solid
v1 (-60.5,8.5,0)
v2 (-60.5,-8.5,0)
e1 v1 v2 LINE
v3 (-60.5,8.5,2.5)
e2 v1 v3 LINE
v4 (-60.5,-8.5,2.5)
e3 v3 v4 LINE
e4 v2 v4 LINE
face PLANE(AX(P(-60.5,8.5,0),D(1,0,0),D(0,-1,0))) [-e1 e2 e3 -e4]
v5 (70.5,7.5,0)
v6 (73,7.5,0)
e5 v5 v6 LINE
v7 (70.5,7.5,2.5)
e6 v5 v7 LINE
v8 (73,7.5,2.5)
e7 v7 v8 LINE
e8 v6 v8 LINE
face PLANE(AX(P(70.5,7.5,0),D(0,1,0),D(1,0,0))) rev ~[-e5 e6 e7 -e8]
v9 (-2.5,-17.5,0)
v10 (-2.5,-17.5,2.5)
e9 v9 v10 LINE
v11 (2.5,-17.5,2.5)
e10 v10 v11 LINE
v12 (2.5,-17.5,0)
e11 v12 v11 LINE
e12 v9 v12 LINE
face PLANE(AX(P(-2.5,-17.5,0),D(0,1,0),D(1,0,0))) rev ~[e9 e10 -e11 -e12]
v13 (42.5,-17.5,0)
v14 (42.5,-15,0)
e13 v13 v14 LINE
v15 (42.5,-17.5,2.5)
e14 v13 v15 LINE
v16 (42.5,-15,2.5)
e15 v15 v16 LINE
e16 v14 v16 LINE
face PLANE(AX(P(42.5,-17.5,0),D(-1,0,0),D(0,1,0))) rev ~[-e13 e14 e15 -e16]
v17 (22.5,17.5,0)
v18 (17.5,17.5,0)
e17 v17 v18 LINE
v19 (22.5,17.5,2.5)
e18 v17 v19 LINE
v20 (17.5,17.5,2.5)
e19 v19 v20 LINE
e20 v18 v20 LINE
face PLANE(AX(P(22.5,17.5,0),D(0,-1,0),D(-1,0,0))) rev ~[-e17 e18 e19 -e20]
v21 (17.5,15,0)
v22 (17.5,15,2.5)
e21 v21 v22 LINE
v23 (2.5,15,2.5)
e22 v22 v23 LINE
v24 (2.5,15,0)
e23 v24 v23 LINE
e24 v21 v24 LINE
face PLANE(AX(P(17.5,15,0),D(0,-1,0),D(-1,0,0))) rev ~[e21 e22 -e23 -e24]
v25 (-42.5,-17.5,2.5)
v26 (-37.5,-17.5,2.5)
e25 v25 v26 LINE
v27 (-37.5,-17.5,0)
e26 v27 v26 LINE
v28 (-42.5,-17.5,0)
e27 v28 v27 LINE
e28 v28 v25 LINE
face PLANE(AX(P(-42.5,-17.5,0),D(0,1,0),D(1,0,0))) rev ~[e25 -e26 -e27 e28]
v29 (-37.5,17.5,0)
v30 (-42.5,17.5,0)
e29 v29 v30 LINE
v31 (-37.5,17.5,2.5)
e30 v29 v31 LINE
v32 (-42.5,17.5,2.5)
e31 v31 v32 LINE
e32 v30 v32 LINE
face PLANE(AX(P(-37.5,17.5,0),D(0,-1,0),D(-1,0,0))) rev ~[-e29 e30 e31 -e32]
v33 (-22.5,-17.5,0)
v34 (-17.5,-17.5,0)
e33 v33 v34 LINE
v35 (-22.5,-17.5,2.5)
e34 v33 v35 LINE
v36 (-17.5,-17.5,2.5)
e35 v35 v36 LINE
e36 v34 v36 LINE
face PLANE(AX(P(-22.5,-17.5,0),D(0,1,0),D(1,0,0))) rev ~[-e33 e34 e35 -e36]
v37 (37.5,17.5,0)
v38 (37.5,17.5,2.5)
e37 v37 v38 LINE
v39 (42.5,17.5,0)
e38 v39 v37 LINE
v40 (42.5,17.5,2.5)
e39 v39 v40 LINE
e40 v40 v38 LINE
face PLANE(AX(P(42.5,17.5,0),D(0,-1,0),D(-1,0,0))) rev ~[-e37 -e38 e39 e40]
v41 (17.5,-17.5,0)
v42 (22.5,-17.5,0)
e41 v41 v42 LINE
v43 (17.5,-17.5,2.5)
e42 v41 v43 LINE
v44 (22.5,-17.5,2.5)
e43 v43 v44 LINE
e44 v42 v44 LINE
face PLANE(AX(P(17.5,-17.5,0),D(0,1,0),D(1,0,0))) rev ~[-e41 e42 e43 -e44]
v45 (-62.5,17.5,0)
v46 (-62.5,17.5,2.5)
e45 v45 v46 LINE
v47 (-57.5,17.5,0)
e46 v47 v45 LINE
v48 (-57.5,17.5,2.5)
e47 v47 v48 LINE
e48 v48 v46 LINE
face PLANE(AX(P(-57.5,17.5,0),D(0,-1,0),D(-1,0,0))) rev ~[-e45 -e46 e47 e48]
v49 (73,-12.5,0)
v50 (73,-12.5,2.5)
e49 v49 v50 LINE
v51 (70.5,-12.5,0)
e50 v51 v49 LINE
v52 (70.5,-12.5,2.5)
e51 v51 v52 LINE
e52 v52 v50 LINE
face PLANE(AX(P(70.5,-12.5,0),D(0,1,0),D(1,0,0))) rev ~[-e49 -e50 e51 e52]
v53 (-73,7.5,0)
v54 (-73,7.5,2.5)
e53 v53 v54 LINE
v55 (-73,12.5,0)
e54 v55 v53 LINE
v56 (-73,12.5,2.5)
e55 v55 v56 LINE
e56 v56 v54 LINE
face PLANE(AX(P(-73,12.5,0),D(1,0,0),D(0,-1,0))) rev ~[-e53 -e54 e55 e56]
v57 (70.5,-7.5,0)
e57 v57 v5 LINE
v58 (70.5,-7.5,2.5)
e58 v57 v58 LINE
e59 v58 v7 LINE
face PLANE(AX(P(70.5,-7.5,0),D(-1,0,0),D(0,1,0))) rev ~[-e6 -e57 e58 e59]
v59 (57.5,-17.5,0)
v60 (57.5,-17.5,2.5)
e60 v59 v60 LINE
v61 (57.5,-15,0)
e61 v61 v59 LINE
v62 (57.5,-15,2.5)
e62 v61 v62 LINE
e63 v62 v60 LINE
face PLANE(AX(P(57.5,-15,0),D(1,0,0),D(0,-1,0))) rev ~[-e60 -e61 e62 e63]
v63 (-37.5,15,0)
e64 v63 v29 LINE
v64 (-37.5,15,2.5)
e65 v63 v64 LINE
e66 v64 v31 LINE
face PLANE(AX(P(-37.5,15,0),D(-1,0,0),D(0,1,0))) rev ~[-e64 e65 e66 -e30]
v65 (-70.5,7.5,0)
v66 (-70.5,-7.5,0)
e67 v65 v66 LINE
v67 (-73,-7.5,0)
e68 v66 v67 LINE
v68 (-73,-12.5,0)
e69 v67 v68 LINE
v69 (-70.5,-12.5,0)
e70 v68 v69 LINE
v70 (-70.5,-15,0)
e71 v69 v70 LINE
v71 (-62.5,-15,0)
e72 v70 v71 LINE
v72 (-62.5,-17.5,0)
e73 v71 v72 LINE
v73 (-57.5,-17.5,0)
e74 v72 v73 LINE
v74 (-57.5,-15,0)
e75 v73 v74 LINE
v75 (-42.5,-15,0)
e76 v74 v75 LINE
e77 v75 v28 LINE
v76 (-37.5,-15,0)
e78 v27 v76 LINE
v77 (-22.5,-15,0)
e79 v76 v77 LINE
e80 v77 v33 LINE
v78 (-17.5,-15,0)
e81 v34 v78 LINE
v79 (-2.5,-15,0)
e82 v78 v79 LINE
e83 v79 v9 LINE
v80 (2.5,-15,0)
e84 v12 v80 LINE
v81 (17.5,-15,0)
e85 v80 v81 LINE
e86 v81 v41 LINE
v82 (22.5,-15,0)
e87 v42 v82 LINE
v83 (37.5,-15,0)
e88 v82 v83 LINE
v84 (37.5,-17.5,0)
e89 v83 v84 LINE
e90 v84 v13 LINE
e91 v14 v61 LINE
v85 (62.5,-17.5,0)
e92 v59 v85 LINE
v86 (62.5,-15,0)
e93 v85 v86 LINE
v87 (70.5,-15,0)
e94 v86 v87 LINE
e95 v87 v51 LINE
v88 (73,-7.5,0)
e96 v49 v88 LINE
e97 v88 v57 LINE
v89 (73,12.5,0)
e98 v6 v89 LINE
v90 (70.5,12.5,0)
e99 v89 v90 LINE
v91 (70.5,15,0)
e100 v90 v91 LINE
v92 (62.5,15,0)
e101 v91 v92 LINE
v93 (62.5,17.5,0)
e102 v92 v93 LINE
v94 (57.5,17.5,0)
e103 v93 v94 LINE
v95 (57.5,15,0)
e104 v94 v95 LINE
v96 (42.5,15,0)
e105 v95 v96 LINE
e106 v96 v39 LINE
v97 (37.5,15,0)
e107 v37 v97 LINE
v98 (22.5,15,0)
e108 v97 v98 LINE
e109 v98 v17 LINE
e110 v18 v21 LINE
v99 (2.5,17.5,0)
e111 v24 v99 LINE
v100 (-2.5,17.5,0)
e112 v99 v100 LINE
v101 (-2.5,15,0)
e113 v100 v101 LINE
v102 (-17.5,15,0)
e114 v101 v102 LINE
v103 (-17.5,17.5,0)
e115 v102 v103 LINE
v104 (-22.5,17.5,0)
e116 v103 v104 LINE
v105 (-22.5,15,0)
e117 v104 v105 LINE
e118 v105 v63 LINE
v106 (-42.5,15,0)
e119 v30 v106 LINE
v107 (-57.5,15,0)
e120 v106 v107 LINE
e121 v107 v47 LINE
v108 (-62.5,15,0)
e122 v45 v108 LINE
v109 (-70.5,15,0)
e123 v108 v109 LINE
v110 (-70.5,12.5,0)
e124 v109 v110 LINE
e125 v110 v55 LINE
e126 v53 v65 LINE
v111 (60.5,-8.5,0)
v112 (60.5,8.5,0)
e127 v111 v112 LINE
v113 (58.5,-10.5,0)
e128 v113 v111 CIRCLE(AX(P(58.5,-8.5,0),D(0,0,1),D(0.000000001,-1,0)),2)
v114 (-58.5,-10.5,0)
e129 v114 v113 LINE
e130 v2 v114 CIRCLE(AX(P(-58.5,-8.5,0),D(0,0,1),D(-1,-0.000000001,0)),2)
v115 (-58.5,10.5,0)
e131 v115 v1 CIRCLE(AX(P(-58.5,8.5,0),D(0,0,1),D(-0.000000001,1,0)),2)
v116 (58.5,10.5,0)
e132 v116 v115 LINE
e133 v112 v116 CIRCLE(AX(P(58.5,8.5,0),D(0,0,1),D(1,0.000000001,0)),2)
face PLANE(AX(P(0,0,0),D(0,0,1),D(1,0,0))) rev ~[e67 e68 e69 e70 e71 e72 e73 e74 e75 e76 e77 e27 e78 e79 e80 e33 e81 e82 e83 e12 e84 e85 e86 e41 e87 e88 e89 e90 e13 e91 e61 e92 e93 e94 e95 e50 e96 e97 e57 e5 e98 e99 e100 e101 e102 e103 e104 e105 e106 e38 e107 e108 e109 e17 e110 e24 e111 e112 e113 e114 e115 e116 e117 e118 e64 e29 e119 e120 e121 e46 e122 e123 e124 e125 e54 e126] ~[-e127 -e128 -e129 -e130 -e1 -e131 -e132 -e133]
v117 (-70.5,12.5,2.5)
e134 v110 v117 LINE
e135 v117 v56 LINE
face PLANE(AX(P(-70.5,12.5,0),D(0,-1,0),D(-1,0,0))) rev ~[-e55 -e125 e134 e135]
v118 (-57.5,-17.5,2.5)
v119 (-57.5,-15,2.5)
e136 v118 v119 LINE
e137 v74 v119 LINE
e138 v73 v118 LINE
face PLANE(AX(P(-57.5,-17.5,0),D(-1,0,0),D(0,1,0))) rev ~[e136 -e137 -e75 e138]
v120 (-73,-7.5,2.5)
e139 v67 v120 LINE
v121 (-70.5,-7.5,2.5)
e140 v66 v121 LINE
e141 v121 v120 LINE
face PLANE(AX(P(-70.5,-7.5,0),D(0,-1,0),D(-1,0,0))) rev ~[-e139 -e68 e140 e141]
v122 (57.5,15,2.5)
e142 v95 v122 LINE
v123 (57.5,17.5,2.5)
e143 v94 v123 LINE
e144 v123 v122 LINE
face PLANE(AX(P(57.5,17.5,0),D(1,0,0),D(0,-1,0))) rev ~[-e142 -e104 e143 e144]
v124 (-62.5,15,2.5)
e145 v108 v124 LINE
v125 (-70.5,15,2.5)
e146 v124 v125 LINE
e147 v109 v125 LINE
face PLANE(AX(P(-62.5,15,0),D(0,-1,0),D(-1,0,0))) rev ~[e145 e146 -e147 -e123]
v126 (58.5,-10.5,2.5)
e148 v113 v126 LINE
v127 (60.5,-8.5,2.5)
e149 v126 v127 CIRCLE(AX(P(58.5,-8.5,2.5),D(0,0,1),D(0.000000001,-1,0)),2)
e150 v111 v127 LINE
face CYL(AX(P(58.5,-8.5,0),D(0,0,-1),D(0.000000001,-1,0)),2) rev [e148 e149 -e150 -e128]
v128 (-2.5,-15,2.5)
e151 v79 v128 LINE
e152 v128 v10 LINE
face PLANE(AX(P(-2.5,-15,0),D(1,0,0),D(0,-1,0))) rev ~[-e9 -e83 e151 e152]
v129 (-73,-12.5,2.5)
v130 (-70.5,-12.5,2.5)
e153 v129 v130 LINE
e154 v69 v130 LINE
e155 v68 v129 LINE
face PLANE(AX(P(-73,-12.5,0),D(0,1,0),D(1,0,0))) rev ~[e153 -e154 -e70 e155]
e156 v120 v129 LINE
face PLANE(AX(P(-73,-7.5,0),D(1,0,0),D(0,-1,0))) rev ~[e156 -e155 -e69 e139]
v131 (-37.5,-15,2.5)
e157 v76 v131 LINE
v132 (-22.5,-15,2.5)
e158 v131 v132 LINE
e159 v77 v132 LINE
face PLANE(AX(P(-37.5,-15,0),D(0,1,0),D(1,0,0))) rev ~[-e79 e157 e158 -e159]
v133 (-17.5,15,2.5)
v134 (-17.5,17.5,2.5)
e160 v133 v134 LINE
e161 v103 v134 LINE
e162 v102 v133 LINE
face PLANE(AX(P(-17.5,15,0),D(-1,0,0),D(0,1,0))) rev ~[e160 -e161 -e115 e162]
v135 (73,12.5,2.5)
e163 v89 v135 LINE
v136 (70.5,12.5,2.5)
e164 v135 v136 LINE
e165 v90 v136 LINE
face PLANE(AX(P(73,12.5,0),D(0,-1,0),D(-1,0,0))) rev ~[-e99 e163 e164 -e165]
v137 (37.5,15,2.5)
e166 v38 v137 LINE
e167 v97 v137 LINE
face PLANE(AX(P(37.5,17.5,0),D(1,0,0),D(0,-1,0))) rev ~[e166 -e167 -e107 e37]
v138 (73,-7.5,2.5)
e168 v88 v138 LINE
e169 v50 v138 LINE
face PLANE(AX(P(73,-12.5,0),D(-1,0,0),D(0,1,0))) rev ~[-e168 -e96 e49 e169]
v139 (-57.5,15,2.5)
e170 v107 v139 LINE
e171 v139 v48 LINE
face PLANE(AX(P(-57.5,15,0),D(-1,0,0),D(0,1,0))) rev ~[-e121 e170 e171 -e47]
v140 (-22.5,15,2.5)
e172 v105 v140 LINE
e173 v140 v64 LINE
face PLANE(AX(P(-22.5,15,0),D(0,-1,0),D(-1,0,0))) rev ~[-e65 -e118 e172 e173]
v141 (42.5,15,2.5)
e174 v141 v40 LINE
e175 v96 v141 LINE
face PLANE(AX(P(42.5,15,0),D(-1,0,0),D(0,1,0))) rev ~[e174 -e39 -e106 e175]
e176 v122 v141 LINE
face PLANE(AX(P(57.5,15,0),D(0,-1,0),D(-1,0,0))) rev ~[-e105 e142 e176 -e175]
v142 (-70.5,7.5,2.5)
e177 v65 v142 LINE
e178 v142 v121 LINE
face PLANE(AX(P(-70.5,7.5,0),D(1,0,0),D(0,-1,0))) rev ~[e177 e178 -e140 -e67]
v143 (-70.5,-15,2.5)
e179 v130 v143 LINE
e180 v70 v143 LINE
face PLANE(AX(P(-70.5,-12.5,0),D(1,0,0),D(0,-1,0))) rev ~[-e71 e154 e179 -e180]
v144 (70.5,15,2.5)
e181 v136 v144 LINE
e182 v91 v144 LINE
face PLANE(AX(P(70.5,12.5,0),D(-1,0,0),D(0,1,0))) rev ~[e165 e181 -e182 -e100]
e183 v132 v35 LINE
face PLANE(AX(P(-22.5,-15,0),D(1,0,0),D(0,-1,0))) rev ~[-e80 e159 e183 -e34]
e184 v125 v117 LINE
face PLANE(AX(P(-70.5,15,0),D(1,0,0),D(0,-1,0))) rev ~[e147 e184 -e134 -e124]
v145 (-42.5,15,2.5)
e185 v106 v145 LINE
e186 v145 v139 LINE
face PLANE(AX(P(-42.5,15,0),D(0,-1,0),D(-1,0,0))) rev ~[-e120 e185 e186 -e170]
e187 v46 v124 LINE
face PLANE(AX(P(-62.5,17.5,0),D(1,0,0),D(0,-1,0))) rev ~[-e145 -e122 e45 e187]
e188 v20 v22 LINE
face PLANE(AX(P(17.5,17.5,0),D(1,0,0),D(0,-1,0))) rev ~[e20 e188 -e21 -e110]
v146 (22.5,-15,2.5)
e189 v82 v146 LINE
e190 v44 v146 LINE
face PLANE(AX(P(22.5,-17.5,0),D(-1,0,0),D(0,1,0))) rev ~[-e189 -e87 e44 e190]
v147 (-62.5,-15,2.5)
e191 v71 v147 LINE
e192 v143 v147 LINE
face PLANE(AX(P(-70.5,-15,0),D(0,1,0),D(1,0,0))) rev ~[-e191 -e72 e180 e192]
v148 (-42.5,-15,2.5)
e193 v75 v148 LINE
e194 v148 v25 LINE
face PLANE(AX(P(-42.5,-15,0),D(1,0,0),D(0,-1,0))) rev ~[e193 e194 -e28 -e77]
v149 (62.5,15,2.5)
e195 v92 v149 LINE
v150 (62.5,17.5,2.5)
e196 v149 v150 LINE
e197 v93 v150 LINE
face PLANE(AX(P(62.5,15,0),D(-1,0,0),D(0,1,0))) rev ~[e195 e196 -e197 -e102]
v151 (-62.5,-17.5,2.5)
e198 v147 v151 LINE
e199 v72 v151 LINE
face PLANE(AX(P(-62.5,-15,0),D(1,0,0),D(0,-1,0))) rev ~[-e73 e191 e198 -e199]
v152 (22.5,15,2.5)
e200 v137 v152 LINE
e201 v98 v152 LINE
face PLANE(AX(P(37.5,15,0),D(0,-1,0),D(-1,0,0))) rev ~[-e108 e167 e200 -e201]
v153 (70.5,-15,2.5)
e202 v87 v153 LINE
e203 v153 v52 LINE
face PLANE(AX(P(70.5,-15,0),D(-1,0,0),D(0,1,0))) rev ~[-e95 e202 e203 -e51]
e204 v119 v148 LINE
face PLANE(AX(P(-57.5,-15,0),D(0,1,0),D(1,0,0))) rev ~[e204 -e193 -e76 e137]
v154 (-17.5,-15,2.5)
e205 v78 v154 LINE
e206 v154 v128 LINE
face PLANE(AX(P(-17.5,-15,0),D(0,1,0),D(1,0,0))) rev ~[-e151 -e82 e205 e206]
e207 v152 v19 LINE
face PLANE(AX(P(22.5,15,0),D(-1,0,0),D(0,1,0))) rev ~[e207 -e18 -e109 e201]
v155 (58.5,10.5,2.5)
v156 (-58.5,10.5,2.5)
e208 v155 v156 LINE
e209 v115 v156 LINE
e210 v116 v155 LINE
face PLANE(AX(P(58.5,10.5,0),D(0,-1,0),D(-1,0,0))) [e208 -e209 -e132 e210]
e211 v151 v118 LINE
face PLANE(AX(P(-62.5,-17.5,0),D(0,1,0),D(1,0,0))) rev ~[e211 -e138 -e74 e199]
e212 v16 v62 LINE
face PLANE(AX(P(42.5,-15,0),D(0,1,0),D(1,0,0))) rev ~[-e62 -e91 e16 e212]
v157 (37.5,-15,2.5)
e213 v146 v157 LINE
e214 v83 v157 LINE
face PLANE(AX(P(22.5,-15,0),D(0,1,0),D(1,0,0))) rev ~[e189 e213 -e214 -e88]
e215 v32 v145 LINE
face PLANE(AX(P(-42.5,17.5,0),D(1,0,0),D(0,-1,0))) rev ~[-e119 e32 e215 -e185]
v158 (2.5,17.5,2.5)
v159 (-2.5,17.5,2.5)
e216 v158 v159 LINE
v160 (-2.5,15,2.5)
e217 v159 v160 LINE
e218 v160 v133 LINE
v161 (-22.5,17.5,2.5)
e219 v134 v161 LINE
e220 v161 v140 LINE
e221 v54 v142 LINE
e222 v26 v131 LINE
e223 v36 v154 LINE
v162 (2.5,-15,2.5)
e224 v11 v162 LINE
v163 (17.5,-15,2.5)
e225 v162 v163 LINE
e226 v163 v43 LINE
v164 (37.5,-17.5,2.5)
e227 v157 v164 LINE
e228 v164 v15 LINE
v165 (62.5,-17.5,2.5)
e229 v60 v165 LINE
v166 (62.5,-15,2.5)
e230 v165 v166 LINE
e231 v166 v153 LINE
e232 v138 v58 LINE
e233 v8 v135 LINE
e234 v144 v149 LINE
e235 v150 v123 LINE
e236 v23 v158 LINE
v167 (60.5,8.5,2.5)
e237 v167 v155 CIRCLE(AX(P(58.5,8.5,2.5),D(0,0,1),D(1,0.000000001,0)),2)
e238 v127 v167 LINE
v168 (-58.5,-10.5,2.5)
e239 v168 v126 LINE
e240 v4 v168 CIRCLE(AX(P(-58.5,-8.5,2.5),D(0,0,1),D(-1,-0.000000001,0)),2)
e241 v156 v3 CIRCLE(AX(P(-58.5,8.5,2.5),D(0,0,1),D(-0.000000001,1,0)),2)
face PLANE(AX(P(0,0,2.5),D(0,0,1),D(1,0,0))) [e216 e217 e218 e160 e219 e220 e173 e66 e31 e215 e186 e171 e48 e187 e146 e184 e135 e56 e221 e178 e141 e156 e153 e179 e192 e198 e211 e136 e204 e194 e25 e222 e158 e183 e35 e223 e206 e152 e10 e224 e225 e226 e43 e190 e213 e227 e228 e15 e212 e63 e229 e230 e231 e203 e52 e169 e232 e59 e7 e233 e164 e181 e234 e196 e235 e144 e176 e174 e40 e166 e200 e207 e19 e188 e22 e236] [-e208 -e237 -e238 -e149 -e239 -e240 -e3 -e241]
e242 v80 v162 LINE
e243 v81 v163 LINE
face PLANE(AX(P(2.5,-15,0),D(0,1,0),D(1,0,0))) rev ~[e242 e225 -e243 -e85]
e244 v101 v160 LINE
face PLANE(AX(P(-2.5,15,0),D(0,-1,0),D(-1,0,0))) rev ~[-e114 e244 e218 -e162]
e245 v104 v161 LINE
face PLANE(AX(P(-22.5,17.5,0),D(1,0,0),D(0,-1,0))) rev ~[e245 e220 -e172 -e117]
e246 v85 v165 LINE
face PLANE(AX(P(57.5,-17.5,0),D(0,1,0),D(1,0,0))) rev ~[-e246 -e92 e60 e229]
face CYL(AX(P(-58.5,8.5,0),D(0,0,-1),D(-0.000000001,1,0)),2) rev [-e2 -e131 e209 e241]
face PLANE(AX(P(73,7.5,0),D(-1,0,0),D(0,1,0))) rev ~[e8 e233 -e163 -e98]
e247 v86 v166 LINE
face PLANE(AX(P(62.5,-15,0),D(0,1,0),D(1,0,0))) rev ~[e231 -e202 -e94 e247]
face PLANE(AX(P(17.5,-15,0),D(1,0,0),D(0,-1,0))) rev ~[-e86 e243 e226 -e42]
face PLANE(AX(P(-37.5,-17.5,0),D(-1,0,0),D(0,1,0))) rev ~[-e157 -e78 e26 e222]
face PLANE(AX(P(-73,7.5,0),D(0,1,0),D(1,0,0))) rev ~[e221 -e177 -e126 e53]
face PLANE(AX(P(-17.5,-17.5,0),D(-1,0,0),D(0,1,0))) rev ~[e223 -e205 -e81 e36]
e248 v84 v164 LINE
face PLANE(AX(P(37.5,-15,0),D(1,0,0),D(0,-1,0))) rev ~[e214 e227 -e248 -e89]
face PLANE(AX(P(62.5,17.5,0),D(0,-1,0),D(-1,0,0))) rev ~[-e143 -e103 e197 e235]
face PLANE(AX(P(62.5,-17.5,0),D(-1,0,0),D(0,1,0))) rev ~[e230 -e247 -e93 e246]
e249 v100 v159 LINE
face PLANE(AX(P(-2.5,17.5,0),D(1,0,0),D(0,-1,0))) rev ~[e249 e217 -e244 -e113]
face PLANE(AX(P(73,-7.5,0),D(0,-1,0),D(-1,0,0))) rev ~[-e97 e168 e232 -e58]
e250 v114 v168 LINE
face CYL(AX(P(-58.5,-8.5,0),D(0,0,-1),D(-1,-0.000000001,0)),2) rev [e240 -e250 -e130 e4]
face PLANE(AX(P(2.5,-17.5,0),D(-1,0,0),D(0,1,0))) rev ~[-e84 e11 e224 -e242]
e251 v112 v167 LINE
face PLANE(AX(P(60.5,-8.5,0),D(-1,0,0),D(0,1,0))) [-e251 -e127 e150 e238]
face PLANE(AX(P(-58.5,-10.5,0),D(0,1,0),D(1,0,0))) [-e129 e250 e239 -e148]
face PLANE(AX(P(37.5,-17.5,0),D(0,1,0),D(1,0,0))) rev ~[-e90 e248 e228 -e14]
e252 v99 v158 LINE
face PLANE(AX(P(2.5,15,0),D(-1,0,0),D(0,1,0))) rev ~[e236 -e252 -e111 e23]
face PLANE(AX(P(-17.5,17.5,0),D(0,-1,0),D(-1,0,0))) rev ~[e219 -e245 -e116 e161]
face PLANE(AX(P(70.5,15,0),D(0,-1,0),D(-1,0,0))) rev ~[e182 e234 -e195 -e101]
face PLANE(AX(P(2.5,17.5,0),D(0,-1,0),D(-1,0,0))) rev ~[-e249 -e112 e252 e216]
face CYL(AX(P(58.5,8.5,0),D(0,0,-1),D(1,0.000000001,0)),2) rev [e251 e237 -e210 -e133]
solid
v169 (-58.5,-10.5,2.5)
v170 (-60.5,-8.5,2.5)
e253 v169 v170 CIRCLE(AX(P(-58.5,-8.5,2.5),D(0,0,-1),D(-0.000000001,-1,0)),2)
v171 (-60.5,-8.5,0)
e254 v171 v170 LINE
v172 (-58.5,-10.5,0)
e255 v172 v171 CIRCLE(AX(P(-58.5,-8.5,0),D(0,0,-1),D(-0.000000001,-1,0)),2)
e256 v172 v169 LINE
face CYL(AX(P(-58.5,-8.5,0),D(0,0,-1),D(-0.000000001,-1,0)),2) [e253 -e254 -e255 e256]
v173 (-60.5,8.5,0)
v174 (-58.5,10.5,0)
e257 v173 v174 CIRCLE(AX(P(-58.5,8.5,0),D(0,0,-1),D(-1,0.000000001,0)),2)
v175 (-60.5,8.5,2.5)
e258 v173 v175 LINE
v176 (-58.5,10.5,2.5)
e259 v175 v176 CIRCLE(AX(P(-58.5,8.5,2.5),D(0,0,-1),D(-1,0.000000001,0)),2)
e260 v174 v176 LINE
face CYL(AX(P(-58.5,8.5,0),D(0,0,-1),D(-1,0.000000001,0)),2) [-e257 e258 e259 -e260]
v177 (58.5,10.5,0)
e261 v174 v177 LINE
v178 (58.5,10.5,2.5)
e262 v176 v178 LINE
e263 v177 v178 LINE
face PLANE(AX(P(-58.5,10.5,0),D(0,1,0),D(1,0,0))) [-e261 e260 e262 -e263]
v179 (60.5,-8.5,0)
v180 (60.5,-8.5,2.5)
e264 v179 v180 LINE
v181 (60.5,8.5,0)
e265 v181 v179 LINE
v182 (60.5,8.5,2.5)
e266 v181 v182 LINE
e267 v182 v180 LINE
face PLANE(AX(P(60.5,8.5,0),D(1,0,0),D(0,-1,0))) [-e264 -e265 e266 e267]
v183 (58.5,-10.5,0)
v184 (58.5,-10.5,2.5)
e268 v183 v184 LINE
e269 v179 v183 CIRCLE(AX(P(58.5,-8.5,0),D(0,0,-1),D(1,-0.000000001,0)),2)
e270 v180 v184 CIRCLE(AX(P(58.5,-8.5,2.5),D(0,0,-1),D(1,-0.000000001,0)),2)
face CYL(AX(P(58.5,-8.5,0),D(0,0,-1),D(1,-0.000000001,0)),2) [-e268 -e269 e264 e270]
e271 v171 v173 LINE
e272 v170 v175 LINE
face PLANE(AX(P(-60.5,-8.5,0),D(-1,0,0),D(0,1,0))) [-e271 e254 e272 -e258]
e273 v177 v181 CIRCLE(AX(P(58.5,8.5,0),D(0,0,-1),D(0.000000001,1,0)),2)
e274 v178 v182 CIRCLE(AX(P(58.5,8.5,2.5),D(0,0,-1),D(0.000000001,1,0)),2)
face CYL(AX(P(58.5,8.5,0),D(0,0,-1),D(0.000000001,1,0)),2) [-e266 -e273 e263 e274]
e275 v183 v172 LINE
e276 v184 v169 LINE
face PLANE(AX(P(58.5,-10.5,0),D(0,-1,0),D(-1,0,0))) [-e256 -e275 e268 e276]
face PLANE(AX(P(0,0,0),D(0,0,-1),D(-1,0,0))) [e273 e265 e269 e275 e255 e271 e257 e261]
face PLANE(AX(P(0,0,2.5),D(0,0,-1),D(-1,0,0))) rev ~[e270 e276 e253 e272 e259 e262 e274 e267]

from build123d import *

# Parameters (mm, degrees)
BOSS_EXTRUDE1_DEPTH = 2.5
BOSS_EXTRUDE2_DEPTH = 2.5


with BuildPart() as part:
    # Sketch1 → Boss-Extrude1 (new body)
    with BuildSketch(Plane.XY):
        Polygon((-73, -12.5), (-70.5, -12.5), (-70.5, -15), (-62.5, -15), (-62.5, -17.5), (-57.5, -17.5), (-57.5, -15), (-42.5, -15), (-42.5, -17.5), (-37.5, -17.5), (-37.5, -15), (-22.5, -15), (-22.5, -17.5), (-17.5, -17.5), (-17.5, -15), (-2.5, -15), (-2.5, -17.5), (2.5, -17.5), (2.5, -15), (17.5, -15), (17.5, -17.5), (22.5, -17.5), (22.5, -15), (37.5, -15), (37.5, -17.5), (42.5, -17.5), (42.5, -15), (57.5, -15), (57.5, -17.5), (62.5, -17.5), (62.5, -15), (70.5, -15), (70.5, -12.5), (73, -12.5), (73, -7.5), (70.5, -7.5), (70.5, 7.5), (73, 7.5), (73, 12.5), (70.5, 12.5), (70.5, 15), (62.5, 15), (62.5, 17.5), (57.5, 17.5), (57.5, 15), (42.5, 15), (42.5, 17.5), (37.5, 17.5), (37.5, 15), (22.5, 15), (22.5, 17.5), (17.5, 17.5), (17.5, 15), (2.5, 15), (2.5, 17.5), (-2.5, 17.5), (-2.5, 15), (-17.5, 15), (-17.5, 17.5), (-22.5, 17.5), (-22.5, 15), (-37.5, 15), (-37.5, 17.5), (-42.5, 17.5), (-42.5, 15), (-57.5, 15), (-57.5, 17.5), (-62.5, 17.5), (-62.5, 15), (-70.5, 15), (-70.5, 12.5), (-73, 12.5), (-73, 7.5), (-70.5, 7.5), (-70.5, -7.5), (-73, -7.5), align=None)
        with BuildLine():
            Line((58.5, -10.5), (-58.5, -10.5))
            ThreePointArc((-58.5, -10.5), (-59.914213562, -9.914213562), (-60.5, -8.5))
            Line((-60.5, -8.5), (-60.5, 8.5))
            ThreePointArc((-60.5, 8.5), (-59.914213562, 9.914213562), (-58.5, 10.5))
            Line((-58.5, 10.5), (58.5, 10.5))
            ThreePointArc((58.5, 10.5), (59.914213562, 9.914213562), (60.5, 8.5))
            Line((60.5, 8.5), (60.5, -8.5))
            ThreePointArc((60.5, -8.5), (59.914213562, -9.914213562), (58.5, -10.5))
        make_face(mode=Mode.SUBTRACT)
    extrude(amount=BOSS_EXTRUDE1_DEPTH)


with BuildPart() as body_2:
    # Sketch1<3> → Boss-Extrude2 (new body)
    with BuildSketch(Plane.XY):
        with BuildLine():
            ThreePointArc((-60.5, -8.5), (-59.914213562, -9.914213562), (-58.5, -10.5))
            Line((-58.5, -10.5), (58.5, -10.5))
            ThreePointArc((58.5, -10.5), (59.914213562, -9.914213562), (60.5, -8.5))
            Line((60.5, -8.5), (60.5, 8.5))
            ThreePointArc((60.5, 8.5), (59.914213562, 9.914213562), (58.5, 10.5))
            Line((58.5, 10.5), (-58.5, 10.5))
            ThreePointArc((-58.5, 10.5), (-59.914213562, 9.914213562), (-60.5, 8.5))
            Line((-60.5, 8.5), (-60.5, -8.5))
        make_face()
    extrude(amount=BOSS_EXTRUDE2_DEPTH)


solid = Compound([part.part, body_2.part])
